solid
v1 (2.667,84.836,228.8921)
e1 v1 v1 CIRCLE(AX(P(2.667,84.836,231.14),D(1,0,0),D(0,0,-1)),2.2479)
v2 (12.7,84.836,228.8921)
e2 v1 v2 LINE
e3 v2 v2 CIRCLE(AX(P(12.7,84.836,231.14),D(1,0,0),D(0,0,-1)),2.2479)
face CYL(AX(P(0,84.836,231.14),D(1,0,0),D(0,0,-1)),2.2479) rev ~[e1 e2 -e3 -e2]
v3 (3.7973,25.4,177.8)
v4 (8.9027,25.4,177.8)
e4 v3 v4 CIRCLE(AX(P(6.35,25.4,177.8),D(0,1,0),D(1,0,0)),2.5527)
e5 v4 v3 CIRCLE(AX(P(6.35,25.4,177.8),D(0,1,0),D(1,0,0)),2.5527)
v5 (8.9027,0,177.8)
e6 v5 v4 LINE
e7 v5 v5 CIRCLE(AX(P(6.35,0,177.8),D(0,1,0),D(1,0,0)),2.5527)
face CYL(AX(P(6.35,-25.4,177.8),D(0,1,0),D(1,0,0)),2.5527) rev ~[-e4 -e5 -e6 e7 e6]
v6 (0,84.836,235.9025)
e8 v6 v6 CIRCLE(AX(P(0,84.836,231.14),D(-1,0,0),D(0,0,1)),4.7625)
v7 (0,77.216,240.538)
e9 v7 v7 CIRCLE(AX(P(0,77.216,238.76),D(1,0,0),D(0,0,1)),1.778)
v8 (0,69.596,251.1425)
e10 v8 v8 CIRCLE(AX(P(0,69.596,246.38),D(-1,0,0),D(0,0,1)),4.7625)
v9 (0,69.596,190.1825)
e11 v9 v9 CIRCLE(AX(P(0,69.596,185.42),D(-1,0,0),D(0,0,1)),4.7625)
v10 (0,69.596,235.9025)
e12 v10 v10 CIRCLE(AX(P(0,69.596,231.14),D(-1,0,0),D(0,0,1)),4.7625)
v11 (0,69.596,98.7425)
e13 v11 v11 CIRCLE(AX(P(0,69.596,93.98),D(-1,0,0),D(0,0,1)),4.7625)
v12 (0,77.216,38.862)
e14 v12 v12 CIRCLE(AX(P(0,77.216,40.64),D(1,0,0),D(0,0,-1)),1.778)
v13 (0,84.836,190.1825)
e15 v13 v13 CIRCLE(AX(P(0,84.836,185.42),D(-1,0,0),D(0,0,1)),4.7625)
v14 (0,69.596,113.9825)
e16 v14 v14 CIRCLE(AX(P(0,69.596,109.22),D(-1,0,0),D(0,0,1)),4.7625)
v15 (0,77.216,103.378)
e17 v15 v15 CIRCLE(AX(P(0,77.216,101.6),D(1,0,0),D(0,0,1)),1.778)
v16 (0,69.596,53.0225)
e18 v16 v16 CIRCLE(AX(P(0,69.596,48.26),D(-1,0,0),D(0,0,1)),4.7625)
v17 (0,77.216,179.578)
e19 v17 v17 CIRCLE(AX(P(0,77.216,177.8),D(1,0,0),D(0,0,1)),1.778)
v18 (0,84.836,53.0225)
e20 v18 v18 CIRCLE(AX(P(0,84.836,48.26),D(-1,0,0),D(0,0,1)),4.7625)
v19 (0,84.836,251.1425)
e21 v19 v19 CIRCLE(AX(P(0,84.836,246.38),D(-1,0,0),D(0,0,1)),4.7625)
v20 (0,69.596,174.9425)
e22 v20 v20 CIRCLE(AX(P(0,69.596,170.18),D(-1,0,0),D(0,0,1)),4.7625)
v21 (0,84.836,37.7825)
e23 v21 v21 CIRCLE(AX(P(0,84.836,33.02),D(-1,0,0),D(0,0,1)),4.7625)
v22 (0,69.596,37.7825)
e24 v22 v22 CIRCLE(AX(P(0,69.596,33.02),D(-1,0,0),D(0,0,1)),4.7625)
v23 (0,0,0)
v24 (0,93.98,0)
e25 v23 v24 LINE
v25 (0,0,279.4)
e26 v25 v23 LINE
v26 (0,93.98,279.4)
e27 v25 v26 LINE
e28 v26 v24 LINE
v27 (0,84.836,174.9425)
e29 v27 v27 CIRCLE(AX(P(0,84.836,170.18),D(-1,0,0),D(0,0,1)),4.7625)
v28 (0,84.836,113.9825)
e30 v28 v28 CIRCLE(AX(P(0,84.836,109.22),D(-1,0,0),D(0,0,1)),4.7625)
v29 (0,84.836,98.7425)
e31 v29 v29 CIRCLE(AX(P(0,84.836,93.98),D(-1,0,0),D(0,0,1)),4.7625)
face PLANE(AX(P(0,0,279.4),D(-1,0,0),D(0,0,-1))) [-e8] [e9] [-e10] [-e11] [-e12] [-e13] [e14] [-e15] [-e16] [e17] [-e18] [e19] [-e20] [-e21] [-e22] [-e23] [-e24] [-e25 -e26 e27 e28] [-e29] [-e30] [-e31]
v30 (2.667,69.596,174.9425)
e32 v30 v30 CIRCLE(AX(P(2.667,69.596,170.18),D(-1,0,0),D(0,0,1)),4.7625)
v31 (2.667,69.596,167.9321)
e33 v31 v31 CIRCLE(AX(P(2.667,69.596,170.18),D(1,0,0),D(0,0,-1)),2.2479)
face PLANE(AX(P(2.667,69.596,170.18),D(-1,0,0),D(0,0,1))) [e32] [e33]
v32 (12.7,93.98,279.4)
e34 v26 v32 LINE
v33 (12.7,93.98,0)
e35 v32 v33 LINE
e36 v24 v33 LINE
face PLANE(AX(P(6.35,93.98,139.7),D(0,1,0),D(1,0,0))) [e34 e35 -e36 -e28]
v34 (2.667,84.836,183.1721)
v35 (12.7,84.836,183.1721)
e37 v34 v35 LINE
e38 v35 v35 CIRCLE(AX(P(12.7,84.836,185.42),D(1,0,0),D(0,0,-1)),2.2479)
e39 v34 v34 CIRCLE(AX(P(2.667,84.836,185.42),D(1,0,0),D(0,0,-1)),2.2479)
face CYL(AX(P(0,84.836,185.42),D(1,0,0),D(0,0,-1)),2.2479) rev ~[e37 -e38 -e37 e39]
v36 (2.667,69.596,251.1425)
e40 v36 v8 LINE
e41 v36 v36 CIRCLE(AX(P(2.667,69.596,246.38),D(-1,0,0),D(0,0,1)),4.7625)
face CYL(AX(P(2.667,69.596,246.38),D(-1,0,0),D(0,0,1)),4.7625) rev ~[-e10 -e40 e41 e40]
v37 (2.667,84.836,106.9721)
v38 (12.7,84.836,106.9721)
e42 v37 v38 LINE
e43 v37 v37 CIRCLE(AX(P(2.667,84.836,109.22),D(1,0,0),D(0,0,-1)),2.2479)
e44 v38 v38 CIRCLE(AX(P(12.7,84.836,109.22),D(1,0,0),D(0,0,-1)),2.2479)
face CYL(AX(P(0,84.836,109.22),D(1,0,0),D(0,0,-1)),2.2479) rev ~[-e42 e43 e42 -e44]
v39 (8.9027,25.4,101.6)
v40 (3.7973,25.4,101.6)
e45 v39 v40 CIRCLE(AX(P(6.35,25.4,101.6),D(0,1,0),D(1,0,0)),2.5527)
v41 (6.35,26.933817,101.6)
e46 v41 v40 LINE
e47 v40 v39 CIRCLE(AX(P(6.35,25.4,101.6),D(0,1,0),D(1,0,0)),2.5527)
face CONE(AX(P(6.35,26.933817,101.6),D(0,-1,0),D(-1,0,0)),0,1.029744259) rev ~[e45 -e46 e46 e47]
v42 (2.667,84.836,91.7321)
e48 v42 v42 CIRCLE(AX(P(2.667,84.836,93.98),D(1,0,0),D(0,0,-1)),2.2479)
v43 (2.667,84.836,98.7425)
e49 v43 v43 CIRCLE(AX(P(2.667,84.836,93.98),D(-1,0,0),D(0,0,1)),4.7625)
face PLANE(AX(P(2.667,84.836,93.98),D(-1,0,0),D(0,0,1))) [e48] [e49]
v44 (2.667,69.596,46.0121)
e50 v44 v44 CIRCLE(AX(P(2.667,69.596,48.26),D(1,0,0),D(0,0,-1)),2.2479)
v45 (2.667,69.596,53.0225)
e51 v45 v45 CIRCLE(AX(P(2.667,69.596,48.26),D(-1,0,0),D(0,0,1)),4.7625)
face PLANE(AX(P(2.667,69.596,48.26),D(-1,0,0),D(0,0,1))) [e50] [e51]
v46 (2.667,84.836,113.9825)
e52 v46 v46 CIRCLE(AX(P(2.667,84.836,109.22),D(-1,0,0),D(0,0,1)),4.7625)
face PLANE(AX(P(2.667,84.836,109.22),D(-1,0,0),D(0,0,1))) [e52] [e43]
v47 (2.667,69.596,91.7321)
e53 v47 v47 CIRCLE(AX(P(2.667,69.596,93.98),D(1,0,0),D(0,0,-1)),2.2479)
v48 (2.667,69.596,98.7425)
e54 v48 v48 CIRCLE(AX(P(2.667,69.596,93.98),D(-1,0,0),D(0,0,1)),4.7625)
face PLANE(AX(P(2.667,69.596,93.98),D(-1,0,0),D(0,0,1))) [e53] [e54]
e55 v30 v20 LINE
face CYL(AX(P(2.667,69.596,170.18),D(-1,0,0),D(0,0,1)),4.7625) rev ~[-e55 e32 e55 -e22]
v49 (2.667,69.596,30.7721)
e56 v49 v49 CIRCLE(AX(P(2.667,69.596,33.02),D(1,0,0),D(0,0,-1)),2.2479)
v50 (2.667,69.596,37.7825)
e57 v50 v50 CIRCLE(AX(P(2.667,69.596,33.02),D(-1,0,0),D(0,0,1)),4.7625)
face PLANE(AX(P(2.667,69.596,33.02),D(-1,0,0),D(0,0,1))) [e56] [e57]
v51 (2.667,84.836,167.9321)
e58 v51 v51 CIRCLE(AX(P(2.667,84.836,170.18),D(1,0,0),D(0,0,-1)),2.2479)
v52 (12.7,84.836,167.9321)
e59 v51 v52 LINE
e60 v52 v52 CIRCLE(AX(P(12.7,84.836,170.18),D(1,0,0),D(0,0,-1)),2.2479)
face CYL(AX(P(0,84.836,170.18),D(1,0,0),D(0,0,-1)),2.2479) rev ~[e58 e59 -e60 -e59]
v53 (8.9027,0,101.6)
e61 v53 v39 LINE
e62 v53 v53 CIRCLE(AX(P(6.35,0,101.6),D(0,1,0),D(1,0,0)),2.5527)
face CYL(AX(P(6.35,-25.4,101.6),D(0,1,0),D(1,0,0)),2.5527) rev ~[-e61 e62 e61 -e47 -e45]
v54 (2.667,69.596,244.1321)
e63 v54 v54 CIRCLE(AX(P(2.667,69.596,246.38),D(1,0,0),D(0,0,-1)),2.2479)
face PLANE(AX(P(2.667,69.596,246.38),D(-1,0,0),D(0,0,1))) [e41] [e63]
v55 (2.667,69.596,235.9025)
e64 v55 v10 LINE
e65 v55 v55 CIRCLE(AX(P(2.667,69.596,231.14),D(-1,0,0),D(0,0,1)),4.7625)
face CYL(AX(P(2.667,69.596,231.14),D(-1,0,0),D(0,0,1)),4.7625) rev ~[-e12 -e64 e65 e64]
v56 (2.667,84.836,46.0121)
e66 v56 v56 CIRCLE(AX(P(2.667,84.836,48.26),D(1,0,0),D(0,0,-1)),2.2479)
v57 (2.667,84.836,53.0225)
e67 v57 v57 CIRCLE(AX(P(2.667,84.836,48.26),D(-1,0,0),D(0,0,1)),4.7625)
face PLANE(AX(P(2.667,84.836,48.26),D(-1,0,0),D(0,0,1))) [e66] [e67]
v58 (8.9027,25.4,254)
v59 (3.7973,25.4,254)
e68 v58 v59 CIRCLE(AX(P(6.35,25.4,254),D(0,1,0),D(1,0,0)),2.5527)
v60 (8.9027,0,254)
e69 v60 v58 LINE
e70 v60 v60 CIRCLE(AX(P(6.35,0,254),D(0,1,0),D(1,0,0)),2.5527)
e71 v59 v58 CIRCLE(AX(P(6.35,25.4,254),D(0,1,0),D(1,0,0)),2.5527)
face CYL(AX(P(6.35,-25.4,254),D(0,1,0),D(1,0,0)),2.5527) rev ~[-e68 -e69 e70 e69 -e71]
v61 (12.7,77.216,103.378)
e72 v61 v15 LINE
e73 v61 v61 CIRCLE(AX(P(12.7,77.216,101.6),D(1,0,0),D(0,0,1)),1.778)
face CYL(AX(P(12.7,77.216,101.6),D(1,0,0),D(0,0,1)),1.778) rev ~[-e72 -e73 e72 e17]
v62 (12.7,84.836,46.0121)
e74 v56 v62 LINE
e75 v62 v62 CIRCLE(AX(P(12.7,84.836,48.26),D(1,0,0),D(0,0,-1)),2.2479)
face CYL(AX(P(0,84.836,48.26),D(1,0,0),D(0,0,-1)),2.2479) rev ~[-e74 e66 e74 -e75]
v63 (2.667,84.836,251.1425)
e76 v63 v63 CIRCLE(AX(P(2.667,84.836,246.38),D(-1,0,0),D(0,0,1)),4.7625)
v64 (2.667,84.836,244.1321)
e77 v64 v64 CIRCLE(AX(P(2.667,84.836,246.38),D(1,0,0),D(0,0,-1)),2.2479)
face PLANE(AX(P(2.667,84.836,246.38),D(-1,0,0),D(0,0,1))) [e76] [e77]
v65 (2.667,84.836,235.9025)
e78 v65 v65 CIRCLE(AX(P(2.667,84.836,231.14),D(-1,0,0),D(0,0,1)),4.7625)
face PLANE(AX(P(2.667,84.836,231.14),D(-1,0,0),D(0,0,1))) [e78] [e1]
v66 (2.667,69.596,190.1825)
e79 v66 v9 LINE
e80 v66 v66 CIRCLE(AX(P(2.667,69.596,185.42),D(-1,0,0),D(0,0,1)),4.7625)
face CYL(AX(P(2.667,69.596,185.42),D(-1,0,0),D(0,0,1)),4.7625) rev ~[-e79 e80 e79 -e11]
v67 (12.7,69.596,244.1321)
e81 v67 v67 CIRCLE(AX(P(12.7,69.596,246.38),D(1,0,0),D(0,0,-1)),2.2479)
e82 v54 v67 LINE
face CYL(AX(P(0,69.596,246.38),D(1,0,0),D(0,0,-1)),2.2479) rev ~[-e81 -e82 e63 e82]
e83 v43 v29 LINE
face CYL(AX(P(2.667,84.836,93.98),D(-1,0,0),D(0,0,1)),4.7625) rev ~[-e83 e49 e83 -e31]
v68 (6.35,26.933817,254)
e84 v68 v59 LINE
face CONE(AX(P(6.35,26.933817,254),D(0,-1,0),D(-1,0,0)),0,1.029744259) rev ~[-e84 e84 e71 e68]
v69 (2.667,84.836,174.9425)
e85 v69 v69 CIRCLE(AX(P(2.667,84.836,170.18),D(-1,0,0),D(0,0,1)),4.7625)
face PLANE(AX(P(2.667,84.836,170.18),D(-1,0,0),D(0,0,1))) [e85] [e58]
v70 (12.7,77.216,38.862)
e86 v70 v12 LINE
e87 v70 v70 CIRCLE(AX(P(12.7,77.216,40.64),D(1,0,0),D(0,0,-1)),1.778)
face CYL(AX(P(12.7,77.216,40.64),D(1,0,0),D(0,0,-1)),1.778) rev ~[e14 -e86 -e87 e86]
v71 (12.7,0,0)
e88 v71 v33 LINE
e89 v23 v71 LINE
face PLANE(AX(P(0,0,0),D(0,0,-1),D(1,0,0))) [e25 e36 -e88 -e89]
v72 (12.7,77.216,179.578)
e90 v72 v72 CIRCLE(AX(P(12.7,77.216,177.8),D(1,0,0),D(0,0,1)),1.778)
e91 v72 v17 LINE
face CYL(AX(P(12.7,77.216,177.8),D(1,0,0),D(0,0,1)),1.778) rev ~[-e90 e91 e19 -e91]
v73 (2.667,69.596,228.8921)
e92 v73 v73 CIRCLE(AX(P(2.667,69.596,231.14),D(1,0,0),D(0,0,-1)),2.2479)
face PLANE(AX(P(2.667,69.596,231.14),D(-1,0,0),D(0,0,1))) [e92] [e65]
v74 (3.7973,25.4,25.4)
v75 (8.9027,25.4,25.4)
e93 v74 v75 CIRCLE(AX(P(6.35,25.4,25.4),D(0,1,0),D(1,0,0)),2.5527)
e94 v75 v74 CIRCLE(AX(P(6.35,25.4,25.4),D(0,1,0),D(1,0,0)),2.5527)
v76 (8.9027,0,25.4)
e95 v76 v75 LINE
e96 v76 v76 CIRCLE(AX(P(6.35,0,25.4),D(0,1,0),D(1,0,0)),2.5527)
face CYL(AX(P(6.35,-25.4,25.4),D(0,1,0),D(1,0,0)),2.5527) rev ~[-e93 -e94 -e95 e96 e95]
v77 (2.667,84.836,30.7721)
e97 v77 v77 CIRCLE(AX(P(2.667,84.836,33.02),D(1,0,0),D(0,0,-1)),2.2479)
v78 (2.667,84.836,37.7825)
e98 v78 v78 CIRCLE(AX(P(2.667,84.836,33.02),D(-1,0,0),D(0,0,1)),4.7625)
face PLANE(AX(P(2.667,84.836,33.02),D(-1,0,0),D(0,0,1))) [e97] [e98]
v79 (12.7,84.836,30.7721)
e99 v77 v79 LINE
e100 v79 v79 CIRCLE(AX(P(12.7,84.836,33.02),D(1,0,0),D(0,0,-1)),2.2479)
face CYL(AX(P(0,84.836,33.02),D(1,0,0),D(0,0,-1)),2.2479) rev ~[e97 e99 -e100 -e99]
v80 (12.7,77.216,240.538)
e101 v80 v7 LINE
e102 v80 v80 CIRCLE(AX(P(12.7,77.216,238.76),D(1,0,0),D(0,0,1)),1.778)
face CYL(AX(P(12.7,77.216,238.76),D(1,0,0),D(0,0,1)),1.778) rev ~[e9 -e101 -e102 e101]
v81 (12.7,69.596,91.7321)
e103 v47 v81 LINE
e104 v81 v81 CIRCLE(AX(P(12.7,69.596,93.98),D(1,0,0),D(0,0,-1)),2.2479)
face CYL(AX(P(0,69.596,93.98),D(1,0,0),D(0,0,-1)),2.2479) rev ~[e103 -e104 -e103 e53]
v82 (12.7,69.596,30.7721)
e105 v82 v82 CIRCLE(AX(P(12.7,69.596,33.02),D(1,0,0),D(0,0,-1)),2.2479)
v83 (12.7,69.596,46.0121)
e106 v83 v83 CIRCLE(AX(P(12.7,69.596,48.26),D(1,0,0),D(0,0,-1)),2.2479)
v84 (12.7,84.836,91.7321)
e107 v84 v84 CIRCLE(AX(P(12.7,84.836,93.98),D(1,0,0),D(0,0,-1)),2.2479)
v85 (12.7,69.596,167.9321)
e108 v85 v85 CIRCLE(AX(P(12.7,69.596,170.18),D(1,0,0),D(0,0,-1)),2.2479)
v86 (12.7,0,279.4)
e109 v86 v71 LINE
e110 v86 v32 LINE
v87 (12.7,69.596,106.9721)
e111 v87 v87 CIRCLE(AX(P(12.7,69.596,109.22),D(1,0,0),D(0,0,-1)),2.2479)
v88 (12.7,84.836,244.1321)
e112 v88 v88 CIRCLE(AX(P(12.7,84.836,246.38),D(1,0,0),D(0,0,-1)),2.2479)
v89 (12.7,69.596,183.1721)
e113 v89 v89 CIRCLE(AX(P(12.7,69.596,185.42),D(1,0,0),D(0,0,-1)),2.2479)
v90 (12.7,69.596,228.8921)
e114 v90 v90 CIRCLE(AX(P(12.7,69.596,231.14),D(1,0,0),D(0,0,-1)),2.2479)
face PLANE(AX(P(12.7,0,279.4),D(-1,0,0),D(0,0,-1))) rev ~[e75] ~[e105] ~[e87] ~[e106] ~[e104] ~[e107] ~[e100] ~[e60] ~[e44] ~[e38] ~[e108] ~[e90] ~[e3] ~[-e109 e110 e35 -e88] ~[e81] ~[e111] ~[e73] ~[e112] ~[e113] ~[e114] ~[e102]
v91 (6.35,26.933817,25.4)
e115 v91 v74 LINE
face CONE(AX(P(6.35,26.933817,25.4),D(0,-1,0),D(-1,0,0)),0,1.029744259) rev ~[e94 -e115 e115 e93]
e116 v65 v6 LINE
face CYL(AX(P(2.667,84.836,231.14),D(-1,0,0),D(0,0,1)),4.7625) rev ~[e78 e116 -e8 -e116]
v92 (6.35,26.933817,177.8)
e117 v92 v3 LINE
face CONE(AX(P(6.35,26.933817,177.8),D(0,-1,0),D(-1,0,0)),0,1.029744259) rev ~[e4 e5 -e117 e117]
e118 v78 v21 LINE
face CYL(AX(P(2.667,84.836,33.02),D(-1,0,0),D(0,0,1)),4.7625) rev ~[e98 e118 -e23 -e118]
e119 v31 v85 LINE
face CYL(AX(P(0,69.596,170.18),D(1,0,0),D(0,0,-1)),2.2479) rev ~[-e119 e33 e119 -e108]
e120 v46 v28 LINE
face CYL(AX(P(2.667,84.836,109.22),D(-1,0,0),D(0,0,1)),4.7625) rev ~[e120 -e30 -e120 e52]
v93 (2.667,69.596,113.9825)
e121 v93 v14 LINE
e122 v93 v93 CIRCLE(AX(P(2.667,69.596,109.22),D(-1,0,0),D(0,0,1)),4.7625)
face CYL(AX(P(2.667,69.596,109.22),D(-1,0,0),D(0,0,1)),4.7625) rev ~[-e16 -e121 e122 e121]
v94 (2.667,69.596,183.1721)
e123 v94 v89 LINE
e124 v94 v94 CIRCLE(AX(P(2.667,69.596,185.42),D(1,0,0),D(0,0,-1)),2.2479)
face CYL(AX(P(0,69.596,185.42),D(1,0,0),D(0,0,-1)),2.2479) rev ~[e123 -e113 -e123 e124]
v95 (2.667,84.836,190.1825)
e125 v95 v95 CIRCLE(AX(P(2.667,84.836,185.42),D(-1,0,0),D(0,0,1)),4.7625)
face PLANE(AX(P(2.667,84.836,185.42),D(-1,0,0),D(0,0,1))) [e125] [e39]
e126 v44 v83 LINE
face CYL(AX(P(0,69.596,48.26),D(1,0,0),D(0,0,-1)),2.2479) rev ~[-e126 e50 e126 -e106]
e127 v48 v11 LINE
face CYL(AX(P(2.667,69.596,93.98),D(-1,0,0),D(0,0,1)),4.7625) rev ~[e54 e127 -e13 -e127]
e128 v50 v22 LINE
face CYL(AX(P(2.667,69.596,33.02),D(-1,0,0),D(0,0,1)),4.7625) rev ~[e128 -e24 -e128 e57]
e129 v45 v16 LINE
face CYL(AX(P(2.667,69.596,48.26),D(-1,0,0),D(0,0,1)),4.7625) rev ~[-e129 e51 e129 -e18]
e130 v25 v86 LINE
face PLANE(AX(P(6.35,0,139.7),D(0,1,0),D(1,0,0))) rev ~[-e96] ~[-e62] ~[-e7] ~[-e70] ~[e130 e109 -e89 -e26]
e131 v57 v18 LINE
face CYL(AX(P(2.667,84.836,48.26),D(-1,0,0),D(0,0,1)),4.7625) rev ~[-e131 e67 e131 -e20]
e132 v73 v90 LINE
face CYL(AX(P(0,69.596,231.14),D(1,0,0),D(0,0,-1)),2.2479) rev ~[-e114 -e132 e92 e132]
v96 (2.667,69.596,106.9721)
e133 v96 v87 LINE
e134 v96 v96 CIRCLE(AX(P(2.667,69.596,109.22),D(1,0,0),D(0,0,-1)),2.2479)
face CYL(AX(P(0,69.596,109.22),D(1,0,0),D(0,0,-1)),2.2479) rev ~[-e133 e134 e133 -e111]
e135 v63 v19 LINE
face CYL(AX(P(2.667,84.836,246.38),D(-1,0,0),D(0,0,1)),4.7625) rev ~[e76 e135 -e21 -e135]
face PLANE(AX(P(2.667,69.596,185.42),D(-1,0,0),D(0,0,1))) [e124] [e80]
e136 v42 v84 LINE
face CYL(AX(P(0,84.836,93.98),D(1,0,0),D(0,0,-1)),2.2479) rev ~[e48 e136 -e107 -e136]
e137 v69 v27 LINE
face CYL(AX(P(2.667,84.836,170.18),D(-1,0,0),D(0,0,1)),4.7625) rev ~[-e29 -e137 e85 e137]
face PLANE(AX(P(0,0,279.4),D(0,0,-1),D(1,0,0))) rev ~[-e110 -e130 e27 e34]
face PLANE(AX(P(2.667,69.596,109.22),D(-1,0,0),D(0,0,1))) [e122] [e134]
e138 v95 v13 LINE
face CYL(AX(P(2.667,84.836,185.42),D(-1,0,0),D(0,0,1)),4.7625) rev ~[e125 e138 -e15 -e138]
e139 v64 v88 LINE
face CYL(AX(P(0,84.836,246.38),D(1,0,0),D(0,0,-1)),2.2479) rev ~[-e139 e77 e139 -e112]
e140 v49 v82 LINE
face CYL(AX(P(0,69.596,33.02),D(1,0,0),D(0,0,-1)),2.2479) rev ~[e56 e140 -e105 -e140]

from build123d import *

# Parameters (mm, degrees)
SKETCH1_W                                           = 12.7
SKETCH1_H                                           = 279.4
BOSS_EXTRUDE1_DEPTH                                 = 93.98
SKETCH2_R                                           = 2.0828
SKETCH2_R_2                                         = 1.778
CUT_EXTRUDE1_DEPTH                                  = 13.7
CBORE_FOR_8_BINDING_HEAD_MACHINE_SCREW1_D           = 4.4958
CBORE_FOR_8_BINDING_HEAD_MACHINE_SCREW1_CBORE_D     = 9.525
CBORE_FOR_8_BINDING_HEAD_MACHINE_SCREW1_CBORE_DEPTH = 2.667
F_1_4_20_TAPPED_HOLE1_D                             = 5.1054
F_1_4_20_TAPPED_HOLE1_DEPTH                         = 25.4
F_1_4_20_TAPPED_HOLE1_TIP                           = 1.533816902


with BuildPart() as part:
    # Sketch1 → Boss-Extrude1 (new body)
    with BuildSketch(Plane(origin=(0, 0, 0), x_dir=(1, 0, 0), z_dir=(0, 1, 0))):
        with Locations((6.35, -139.7)):
            Rectangle(SKETCH1_W, SKETCH1_H)
    extrude(amount=BOSS_EXTRUDE1_DEPTH)

    # Sketch2 → Cut-Extrude1 (cut, through all)
    with BuildSketch(Plane(origin=(12.7, 0, 0), x_dir=(0, 0, -1), z_dir=(1, 0, 0))):
        with Locations((-246.38, 84.836)):
            Circle(SKETCH2_R)
        with Locations((-231.14, 84.836)):
            Circle(SKETCH2_R)
        with BuildLine():
            ThreePointArc((-236.982, 77.216), (-238.76, 78.994), (-240.538, 77.216))
            Line((-240.538, 77.216), (-236.982, 77.216))
        make_face()
        with BuildLine():
            Line((-236.982, 77.216), (-240.538, 77.216))
            ThreePointArc((-240.538, 77.216), (-238.76, 75.438), (-236.982, 77.216))
        make_face()
        with Locations((-246.38, 69.596)):
            Circle(SKETCH2_R)
        with Locations((-231.14, 69.596)):
            Circle(SKETCH2_R)
        with BuildLine():
            ThreePointArc((-176.022, 77.216), (-177.8, 78.994), (-179.578, 77.216))
            Line((-179.578, 77.216), (-176.022, 77.216))
        make_face()
        with BuildLine():
            Line((-176.022, 77.216), (-179.578, 77.216))
            ThreePointArc((-179.578, 77.216), (-177.8, 75.438), (-176.022, 77.216))
        make_face()
        with Locations((-185.42, 84.836)):
            Circle(SKETCH2_R)
        with Locations((-170.18, 84.836)):
            Circle(SKETCH2_R)
        with Locations((-170.18, 69.596)):
            Circle(SKETCH2_R)
        with Locations((-185.42, 69.596)):
            Circle(SKETCH2_R)
        with BuildLine():
            ThreePointArc((-99.822, 77.216), (-101.6, 78.994), (-103.378, 77.216))
            Line((-103.378, 77.216), (-99.822, 77.216))
        make_face()
        with BuildLine():
            Line((-99.822, 77.216), (-103.378, 77.216))
            ThreePointArc((-103.378, 77.216), (-101.6, 75.438), (-99.822, 77.216))
        make_face()
        with Locations((-109.22, 69.596)):
            Circle(SKETCH2_R)
        with Locations((-93.98, 84.836)):
            Circle(SKETCH2_R)
        with Locations((-109.22, 84.836)):
            Circle(SKETCH2_R)
        with Locations((-48.26, 69.596)):
            Circle(SKETCH2_R)
        with Locations((-48.26, 84.836)):
            Circle(SKETCH2_R)
        with Locations((-33.02, 84.836)):
            Circle(SKETCH2_R)
        with Locations((-33.02, 69.596)):
            Circle(SKETCH2_R)
        with Locations((-93.98, 69.596)):
            Circle(SKETCH2_R)
        with Locations((-40.64, 77.216)):
            Circle(SKETCH2_R_2)
    extrude(amount=-CUT_EXTRUDE1_DEPTH, mode=Mode.SUBTRACT)

    # CBORE for #8 Binding Head Machine Screw1 (through all)
    with Locations(Plane.ZY):
        with Locations((246.38, 84.836), (246.38, 69.596), (231.14, 69.596), (231.14, 84.836), (185.42, 69.596), (185.42, 84.836), (170.18, 84.836), (170.18, 69.596), (109.22, 69.596), (93.98, 69.596), (93.98, 84.836), (109.22, 84.836), (48.26, 69.596), (33.02, 69.596), (33.02, 84.836), (48.26, 84.836)):
            CounterBoreHole(CBORE_FOR_8_BINDING_HEAD_MACHINE_SCREW1_D / 2, CBORE_FOR_8_BINDING_HEAD_MACHINE_SCREW1_CBORE_D / 2, CBORE_FOR_8_BINDING_HEAD_MACHINE_SCREW1_CBORE_DEPTH)

    # 1/4-20 Tapped Hole1
    with Locations(Plane(origin=(0, 0, 0), x_dir=(-1, 0, 0), z_dir=(0, -1, 0))):
        with Locations((-6.35, -25.4), (-6.35, -101.6), (-6.35, -177.8), (-6.35, -254)):
            Hole(F_1_4_20_TAPPED_HOLE1_D / 2, depth=F_1_4_20_TAPPED_HOLE1_DEPTH)
            with Locations((0, 0, -(F_1_4_20_TAPPED_HOLE1_DEPTH + F_1_4_20_TAPPED_HOLE1_TIP / 2))):  # 118° drill point
                Cone(0, F_1_4_20_TAPPED_HOLE1_D / 2, F_1_4_20_TAPPED_HOLE1_TIP, mode=Mode.SUBTRACT)


solid = part.part
